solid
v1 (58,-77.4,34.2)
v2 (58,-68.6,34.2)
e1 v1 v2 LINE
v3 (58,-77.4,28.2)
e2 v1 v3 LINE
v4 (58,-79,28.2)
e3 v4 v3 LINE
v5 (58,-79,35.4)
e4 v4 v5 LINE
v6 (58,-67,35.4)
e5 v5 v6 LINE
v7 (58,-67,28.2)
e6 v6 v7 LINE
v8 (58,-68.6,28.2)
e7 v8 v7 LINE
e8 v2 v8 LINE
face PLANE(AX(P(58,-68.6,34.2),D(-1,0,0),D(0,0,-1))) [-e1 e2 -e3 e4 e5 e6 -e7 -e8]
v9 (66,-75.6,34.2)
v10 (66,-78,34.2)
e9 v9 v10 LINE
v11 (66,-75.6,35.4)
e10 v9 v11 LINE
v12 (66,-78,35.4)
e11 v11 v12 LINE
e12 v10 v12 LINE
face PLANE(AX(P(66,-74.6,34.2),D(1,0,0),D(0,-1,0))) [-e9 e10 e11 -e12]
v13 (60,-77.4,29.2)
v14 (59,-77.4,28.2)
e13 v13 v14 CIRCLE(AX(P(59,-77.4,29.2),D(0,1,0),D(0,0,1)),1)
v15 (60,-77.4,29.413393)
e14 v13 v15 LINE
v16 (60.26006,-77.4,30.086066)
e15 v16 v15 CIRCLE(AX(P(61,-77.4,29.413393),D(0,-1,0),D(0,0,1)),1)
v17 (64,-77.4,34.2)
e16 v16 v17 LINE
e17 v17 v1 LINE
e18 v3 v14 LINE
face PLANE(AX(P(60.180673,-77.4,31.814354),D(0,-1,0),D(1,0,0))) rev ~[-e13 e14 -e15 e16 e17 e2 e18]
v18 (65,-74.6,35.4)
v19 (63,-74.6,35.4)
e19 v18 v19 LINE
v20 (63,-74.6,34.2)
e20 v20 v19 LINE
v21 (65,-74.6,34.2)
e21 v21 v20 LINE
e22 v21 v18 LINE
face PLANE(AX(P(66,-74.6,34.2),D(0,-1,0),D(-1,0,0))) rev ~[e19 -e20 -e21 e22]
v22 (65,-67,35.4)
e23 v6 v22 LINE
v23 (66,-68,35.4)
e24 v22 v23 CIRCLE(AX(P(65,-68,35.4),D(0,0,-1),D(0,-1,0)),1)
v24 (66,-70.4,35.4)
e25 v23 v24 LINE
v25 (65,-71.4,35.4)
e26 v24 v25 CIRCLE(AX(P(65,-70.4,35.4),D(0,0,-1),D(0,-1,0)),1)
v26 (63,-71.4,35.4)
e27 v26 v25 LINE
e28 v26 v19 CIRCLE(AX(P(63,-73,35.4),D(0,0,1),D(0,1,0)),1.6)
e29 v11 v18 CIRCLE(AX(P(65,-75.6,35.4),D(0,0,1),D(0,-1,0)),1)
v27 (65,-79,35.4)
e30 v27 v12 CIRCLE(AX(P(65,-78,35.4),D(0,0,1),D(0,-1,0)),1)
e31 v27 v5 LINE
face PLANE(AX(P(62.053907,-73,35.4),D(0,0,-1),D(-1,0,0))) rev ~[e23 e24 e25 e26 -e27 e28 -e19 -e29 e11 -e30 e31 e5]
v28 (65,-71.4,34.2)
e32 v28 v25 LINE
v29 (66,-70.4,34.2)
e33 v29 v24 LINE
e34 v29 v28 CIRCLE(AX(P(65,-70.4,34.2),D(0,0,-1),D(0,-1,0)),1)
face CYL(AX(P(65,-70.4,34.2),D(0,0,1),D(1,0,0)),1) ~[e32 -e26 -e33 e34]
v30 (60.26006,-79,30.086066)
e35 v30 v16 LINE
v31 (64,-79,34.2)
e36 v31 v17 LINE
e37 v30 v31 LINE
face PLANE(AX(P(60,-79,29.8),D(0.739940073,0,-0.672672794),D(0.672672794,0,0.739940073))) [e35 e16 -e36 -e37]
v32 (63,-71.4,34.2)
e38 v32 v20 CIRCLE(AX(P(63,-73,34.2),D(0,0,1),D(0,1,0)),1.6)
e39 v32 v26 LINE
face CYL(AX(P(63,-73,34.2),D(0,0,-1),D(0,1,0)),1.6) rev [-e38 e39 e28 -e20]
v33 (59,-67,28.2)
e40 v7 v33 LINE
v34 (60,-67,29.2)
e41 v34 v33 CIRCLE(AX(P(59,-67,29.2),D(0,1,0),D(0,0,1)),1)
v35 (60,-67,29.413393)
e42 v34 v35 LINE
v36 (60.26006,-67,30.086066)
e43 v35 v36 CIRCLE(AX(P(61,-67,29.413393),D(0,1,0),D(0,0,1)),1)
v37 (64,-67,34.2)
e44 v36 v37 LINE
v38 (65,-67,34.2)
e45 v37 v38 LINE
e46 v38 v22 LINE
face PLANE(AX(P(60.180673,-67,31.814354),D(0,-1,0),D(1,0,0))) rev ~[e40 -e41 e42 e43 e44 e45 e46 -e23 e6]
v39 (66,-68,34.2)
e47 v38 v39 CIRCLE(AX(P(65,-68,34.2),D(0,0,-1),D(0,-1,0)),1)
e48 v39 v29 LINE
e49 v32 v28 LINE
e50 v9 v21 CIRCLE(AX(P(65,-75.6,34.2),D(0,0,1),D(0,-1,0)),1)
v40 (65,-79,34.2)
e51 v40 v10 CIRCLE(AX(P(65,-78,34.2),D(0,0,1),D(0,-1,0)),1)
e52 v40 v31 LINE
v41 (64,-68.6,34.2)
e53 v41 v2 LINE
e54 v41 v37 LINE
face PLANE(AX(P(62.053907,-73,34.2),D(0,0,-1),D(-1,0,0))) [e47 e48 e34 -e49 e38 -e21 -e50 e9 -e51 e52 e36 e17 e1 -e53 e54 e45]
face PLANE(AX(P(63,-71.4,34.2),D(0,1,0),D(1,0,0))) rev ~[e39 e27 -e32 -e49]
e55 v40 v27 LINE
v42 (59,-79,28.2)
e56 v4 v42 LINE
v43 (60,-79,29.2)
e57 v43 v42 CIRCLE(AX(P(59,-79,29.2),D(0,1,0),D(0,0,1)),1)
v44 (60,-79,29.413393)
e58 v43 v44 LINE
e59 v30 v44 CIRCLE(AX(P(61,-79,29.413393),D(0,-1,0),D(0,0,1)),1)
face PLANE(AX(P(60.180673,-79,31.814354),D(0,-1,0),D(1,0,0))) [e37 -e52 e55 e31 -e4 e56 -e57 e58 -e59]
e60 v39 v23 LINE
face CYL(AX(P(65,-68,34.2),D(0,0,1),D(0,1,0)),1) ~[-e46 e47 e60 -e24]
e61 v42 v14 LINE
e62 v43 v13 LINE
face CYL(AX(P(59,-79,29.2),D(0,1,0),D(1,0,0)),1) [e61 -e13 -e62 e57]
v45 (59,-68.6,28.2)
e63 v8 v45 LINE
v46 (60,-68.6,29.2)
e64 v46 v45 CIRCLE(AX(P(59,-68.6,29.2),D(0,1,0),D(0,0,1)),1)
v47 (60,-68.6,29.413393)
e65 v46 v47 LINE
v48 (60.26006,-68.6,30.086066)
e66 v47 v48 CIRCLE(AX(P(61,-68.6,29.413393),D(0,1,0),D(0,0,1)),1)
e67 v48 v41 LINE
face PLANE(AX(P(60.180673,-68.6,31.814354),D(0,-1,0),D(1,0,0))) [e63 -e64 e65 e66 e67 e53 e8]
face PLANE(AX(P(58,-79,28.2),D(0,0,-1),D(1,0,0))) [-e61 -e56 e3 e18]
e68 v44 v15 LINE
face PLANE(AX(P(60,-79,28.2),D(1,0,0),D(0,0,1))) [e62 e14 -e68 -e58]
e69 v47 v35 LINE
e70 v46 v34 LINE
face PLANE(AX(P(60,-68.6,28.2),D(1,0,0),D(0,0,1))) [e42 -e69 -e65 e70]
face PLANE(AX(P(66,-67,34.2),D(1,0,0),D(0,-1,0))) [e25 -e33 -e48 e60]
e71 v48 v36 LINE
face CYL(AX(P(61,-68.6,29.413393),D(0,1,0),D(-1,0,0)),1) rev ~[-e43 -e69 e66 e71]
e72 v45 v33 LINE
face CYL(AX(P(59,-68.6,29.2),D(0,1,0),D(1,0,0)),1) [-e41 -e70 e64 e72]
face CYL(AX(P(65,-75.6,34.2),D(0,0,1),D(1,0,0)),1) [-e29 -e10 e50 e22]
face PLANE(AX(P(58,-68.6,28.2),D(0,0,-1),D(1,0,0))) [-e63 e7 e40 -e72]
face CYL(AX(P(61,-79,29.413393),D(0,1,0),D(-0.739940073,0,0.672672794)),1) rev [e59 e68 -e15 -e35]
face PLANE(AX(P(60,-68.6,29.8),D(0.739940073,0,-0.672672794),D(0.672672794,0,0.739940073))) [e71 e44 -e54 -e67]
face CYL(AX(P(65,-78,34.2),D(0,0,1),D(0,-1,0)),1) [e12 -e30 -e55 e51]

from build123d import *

# Parameters (mm, degrees)
PAD038_DEPTH           = 1.2
PAD039_DEPTH           = 1.6
LINEARPATTERN002_COUNT = 2
LINEARPATTERN002_PITCH = 10.4
FILLET006_R            = 1
FILLET007_R            = 1
FILLET008_R            = 1


with BuildPart() as part:
    # Sketch070 → Pad038 (new body)
    with BuildSketch(Plane.XY):
        with BuildLine():
            Line((-4, 6), (4, 6))
            Line((4, 6), (4, 1.6))
            Line((1, 1.6), (4, 1.6))
            ThreePointArc((1, 1.6), (-0.6, 0), (1, -1.6))
            Line((4, -1.6), (1, -1.6))
            Line((4, -1.6), (4, -6))
            Line((4, -6), (-4, -6))
            Line((-4, -6), (-4, 6))
        make_face()
    extrude(amount=PAD038_DEPTH)

    # Sketch071 (on DatumPlane) → Pad039 (join)
    with BuildSketch(Plane.XZ.offset(6)):
        Polygon((-4, 0), (-4, -6), (-2, -6), (-2, -4.4), (2, 0), align=None)
    pad039 = extrude(amount=-PAD039_DEPTH)

    # LinearPattern002: Pad039 ×2
    with Locations(*[(0, i * LINEARPATTERN002_PITCH, 0) for i in range(1, LINEARPATTERN002_COUNT)]):
        add(pad039)

    # Fillet006
    fillet006_edges = [part.edges().sort_by_distance(p)[0] for p in [
        (-2, -5.2, -6),
        (-2, 5.2, -6),
    ]]
    fillet(fillet006_edges, radius=FILLET006_R)

    # Fillet007
    fillet007_edges = [part.edges().sort_by_distance(p)[0] for p in [
        (-2, -5.2, -4.4),
        (-2, 5.2, -4.4),
    ]]
    fillet(fillet007_edges, radius=FILLET007_R)

    # Fillet008
    fillet008_edges = [part.edges().sort_by_distance(p)[0] for p in [
        (4, -6, 0.6),
        (4, -1.6, 0.6),
        (4, 1.6, 0.6),
        (4, 6, 0.6),
    ]]
    fillet(fillet008_edges, radius=FILLET008_R)


with BuildPart() as part_1:
    # Body012 placement: moved
    add(part.part.moved(Location((62, -73, 34.2))))


solid = part_1.part
